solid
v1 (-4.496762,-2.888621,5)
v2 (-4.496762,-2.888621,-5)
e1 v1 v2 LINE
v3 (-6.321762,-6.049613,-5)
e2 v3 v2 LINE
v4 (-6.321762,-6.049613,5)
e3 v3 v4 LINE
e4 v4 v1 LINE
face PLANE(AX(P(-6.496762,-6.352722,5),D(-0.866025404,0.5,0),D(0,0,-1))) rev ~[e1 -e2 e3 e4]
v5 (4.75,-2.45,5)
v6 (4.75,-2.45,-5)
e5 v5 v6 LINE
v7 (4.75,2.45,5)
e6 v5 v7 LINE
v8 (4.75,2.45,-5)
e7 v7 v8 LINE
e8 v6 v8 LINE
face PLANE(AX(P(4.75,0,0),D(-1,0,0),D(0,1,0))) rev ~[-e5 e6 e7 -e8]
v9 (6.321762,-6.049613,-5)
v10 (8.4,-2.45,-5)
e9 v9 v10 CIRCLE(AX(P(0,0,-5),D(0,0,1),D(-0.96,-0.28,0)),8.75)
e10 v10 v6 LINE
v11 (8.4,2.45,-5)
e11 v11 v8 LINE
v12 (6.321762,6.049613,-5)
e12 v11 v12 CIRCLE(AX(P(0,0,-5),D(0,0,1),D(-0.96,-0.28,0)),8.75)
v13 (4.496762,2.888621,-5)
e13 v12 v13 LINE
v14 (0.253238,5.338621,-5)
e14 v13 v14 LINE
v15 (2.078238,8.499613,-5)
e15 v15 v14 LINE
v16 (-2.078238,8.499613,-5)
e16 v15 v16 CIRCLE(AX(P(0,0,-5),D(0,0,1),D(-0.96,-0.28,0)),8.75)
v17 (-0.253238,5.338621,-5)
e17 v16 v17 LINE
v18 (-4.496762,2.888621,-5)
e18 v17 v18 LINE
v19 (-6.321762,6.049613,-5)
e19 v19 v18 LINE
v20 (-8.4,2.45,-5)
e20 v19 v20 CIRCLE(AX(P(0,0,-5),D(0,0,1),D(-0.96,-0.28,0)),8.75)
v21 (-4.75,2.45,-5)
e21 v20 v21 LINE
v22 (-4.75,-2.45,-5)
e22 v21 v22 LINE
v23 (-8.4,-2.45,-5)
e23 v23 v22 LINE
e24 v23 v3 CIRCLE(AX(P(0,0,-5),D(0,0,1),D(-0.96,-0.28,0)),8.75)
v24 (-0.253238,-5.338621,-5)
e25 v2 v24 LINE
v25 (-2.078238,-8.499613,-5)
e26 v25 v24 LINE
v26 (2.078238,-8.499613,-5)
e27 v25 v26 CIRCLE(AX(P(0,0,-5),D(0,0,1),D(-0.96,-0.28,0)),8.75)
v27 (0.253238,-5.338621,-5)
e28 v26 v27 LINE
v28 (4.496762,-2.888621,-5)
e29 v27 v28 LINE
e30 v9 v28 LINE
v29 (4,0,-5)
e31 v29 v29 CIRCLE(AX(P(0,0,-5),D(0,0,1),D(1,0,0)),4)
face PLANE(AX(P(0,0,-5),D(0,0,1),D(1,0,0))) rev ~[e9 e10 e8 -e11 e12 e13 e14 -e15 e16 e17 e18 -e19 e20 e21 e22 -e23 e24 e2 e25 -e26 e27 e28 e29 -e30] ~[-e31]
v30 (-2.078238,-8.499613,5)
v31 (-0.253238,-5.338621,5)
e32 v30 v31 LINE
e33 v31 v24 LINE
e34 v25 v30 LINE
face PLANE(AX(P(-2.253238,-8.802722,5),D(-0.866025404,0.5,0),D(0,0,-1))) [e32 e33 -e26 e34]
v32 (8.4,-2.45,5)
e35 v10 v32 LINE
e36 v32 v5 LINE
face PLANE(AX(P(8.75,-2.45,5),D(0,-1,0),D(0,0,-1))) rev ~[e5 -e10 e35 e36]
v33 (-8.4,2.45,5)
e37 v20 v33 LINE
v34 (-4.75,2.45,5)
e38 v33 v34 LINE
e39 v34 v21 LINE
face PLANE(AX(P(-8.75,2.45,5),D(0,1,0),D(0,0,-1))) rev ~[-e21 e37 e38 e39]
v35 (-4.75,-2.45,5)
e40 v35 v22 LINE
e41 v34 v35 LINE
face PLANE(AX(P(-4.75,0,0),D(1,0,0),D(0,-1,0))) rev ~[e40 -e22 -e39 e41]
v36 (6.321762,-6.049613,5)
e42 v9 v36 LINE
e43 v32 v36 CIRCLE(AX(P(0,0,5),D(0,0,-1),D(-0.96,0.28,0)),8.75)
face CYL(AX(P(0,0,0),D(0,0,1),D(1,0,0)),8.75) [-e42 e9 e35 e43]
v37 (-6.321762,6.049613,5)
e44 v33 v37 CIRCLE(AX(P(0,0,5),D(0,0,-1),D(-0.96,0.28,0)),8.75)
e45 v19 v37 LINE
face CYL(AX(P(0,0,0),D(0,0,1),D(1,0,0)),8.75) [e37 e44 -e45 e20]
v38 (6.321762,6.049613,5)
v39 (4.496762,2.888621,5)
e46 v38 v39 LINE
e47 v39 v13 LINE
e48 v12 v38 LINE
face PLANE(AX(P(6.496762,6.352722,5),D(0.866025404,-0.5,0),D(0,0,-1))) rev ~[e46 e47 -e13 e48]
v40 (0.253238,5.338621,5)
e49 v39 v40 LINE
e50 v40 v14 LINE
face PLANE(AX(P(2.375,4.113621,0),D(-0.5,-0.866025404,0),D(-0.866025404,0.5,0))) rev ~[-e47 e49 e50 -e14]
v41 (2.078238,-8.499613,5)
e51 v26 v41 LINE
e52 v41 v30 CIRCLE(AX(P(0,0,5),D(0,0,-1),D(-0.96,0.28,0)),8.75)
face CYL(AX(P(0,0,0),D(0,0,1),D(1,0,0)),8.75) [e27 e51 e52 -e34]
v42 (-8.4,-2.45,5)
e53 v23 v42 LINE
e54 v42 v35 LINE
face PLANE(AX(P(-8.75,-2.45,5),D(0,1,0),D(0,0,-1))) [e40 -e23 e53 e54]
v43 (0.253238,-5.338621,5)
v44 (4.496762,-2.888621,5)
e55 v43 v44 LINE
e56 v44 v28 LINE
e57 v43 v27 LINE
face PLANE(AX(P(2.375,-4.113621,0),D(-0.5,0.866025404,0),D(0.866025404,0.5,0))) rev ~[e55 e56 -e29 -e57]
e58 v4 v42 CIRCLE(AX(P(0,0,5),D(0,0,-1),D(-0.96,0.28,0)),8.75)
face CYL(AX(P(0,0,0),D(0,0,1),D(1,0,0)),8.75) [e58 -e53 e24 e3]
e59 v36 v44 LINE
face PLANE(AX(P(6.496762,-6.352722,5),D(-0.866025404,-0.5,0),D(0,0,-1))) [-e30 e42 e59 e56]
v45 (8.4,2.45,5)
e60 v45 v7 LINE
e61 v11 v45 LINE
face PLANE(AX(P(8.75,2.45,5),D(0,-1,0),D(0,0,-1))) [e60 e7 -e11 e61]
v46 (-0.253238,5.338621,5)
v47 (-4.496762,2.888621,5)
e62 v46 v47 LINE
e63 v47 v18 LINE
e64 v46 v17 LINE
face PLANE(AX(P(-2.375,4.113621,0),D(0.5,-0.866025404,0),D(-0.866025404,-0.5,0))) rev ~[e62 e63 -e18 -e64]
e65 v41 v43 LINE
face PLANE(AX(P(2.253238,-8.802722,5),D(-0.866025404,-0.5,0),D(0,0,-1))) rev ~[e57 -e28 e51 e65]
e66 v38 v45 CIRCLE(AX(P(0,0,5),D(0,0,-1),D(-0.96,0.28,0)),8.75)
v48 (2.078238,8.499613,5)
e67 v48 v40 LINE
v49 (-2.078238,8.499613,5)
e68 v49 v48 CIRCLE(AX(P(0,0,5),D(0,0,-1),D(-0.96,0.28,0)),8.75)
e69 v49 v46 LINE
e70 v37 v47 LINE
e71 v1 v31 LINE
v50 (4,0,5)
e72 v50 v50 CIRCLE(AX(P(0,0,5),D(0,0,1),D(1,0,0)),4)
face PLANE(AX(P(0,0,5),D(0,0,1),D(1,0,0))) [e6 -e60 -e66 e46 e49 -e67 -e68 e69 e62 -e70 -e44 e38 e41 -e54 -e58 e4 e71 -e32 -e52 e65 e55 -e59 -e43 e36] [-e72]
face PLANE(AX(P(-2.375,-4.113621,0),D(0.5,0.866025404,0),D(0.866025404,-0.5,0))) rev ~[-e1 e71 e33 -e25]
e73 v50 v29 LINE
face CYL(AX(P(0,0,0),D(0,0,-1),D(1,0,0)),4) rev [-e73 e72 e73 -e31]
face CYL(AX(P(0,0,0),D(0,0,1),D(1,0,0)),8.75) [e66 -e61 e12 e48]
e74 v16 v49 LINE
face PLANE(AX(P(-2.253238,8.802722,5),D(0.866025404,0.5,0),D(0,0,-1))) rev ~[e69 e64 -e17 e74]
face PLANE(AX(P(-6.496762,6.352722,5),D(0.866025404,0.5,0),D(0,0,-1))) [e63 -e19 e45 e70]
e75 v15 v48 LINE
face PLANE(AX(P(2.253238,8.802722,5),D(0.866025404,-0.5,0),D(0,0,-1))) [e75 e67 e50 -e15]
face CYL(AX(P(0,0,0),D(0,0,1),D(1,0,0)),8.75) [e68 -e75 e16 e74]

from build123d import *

# Parameters (mm, degrees)
SKETCH1_R           = 8.75
SKETCH1_R_2         = 4
BOSS_EXTRUDE1_DEPTH = 5
SKETCH2_W           = 4.9
SKETCH2_H           = 10
CUT_EXTRUDE3_DEPTH  = 4
CIRPATTERN1_COUNT   = 6


with BuildPart() as part:
    # Sketch1 → Boss-Extrude1 (new, symmetric)
    with BuildSketch(Plane.XY):
        Circle(SKETCH1_R)
        Circle(SKETCH1_R_2, mode=Mode.SUBTRACT)
    extrude(amount=BOSS_EXTRUDE1_DEPTH, both=True)

    # Sketch2 → Cut-Extrude3 (cut)
    with BuildSketch(Plane(origin=(-8.75, -17.193061184, 0), x_dir=(0, -1, 0), z_dir=(1, 0, 0))):
        with Locations((-17.193061184, 0)):
            Rectangle(SKETCH2_W, SKETCH2_H)
    cut_extrude3 = extrude(amount=CUT_EXTRUDE3_DEPTH, mode=Mode.SUBTRACT)

    # CirPattern1: Cut-Extrude3 ×6 about axis
    cirpattern1_axis = Axis((0, 0, 5), (0, 0, 1))
    for i in range(1, CIRPATTERN1_COUNT):
        add(cut_extrude3.rotate(cirpattern1_axis, i * 360 / CIRPATTERN1_COUNT), mode=Mode.SUBTRACT)


solid = part.part
